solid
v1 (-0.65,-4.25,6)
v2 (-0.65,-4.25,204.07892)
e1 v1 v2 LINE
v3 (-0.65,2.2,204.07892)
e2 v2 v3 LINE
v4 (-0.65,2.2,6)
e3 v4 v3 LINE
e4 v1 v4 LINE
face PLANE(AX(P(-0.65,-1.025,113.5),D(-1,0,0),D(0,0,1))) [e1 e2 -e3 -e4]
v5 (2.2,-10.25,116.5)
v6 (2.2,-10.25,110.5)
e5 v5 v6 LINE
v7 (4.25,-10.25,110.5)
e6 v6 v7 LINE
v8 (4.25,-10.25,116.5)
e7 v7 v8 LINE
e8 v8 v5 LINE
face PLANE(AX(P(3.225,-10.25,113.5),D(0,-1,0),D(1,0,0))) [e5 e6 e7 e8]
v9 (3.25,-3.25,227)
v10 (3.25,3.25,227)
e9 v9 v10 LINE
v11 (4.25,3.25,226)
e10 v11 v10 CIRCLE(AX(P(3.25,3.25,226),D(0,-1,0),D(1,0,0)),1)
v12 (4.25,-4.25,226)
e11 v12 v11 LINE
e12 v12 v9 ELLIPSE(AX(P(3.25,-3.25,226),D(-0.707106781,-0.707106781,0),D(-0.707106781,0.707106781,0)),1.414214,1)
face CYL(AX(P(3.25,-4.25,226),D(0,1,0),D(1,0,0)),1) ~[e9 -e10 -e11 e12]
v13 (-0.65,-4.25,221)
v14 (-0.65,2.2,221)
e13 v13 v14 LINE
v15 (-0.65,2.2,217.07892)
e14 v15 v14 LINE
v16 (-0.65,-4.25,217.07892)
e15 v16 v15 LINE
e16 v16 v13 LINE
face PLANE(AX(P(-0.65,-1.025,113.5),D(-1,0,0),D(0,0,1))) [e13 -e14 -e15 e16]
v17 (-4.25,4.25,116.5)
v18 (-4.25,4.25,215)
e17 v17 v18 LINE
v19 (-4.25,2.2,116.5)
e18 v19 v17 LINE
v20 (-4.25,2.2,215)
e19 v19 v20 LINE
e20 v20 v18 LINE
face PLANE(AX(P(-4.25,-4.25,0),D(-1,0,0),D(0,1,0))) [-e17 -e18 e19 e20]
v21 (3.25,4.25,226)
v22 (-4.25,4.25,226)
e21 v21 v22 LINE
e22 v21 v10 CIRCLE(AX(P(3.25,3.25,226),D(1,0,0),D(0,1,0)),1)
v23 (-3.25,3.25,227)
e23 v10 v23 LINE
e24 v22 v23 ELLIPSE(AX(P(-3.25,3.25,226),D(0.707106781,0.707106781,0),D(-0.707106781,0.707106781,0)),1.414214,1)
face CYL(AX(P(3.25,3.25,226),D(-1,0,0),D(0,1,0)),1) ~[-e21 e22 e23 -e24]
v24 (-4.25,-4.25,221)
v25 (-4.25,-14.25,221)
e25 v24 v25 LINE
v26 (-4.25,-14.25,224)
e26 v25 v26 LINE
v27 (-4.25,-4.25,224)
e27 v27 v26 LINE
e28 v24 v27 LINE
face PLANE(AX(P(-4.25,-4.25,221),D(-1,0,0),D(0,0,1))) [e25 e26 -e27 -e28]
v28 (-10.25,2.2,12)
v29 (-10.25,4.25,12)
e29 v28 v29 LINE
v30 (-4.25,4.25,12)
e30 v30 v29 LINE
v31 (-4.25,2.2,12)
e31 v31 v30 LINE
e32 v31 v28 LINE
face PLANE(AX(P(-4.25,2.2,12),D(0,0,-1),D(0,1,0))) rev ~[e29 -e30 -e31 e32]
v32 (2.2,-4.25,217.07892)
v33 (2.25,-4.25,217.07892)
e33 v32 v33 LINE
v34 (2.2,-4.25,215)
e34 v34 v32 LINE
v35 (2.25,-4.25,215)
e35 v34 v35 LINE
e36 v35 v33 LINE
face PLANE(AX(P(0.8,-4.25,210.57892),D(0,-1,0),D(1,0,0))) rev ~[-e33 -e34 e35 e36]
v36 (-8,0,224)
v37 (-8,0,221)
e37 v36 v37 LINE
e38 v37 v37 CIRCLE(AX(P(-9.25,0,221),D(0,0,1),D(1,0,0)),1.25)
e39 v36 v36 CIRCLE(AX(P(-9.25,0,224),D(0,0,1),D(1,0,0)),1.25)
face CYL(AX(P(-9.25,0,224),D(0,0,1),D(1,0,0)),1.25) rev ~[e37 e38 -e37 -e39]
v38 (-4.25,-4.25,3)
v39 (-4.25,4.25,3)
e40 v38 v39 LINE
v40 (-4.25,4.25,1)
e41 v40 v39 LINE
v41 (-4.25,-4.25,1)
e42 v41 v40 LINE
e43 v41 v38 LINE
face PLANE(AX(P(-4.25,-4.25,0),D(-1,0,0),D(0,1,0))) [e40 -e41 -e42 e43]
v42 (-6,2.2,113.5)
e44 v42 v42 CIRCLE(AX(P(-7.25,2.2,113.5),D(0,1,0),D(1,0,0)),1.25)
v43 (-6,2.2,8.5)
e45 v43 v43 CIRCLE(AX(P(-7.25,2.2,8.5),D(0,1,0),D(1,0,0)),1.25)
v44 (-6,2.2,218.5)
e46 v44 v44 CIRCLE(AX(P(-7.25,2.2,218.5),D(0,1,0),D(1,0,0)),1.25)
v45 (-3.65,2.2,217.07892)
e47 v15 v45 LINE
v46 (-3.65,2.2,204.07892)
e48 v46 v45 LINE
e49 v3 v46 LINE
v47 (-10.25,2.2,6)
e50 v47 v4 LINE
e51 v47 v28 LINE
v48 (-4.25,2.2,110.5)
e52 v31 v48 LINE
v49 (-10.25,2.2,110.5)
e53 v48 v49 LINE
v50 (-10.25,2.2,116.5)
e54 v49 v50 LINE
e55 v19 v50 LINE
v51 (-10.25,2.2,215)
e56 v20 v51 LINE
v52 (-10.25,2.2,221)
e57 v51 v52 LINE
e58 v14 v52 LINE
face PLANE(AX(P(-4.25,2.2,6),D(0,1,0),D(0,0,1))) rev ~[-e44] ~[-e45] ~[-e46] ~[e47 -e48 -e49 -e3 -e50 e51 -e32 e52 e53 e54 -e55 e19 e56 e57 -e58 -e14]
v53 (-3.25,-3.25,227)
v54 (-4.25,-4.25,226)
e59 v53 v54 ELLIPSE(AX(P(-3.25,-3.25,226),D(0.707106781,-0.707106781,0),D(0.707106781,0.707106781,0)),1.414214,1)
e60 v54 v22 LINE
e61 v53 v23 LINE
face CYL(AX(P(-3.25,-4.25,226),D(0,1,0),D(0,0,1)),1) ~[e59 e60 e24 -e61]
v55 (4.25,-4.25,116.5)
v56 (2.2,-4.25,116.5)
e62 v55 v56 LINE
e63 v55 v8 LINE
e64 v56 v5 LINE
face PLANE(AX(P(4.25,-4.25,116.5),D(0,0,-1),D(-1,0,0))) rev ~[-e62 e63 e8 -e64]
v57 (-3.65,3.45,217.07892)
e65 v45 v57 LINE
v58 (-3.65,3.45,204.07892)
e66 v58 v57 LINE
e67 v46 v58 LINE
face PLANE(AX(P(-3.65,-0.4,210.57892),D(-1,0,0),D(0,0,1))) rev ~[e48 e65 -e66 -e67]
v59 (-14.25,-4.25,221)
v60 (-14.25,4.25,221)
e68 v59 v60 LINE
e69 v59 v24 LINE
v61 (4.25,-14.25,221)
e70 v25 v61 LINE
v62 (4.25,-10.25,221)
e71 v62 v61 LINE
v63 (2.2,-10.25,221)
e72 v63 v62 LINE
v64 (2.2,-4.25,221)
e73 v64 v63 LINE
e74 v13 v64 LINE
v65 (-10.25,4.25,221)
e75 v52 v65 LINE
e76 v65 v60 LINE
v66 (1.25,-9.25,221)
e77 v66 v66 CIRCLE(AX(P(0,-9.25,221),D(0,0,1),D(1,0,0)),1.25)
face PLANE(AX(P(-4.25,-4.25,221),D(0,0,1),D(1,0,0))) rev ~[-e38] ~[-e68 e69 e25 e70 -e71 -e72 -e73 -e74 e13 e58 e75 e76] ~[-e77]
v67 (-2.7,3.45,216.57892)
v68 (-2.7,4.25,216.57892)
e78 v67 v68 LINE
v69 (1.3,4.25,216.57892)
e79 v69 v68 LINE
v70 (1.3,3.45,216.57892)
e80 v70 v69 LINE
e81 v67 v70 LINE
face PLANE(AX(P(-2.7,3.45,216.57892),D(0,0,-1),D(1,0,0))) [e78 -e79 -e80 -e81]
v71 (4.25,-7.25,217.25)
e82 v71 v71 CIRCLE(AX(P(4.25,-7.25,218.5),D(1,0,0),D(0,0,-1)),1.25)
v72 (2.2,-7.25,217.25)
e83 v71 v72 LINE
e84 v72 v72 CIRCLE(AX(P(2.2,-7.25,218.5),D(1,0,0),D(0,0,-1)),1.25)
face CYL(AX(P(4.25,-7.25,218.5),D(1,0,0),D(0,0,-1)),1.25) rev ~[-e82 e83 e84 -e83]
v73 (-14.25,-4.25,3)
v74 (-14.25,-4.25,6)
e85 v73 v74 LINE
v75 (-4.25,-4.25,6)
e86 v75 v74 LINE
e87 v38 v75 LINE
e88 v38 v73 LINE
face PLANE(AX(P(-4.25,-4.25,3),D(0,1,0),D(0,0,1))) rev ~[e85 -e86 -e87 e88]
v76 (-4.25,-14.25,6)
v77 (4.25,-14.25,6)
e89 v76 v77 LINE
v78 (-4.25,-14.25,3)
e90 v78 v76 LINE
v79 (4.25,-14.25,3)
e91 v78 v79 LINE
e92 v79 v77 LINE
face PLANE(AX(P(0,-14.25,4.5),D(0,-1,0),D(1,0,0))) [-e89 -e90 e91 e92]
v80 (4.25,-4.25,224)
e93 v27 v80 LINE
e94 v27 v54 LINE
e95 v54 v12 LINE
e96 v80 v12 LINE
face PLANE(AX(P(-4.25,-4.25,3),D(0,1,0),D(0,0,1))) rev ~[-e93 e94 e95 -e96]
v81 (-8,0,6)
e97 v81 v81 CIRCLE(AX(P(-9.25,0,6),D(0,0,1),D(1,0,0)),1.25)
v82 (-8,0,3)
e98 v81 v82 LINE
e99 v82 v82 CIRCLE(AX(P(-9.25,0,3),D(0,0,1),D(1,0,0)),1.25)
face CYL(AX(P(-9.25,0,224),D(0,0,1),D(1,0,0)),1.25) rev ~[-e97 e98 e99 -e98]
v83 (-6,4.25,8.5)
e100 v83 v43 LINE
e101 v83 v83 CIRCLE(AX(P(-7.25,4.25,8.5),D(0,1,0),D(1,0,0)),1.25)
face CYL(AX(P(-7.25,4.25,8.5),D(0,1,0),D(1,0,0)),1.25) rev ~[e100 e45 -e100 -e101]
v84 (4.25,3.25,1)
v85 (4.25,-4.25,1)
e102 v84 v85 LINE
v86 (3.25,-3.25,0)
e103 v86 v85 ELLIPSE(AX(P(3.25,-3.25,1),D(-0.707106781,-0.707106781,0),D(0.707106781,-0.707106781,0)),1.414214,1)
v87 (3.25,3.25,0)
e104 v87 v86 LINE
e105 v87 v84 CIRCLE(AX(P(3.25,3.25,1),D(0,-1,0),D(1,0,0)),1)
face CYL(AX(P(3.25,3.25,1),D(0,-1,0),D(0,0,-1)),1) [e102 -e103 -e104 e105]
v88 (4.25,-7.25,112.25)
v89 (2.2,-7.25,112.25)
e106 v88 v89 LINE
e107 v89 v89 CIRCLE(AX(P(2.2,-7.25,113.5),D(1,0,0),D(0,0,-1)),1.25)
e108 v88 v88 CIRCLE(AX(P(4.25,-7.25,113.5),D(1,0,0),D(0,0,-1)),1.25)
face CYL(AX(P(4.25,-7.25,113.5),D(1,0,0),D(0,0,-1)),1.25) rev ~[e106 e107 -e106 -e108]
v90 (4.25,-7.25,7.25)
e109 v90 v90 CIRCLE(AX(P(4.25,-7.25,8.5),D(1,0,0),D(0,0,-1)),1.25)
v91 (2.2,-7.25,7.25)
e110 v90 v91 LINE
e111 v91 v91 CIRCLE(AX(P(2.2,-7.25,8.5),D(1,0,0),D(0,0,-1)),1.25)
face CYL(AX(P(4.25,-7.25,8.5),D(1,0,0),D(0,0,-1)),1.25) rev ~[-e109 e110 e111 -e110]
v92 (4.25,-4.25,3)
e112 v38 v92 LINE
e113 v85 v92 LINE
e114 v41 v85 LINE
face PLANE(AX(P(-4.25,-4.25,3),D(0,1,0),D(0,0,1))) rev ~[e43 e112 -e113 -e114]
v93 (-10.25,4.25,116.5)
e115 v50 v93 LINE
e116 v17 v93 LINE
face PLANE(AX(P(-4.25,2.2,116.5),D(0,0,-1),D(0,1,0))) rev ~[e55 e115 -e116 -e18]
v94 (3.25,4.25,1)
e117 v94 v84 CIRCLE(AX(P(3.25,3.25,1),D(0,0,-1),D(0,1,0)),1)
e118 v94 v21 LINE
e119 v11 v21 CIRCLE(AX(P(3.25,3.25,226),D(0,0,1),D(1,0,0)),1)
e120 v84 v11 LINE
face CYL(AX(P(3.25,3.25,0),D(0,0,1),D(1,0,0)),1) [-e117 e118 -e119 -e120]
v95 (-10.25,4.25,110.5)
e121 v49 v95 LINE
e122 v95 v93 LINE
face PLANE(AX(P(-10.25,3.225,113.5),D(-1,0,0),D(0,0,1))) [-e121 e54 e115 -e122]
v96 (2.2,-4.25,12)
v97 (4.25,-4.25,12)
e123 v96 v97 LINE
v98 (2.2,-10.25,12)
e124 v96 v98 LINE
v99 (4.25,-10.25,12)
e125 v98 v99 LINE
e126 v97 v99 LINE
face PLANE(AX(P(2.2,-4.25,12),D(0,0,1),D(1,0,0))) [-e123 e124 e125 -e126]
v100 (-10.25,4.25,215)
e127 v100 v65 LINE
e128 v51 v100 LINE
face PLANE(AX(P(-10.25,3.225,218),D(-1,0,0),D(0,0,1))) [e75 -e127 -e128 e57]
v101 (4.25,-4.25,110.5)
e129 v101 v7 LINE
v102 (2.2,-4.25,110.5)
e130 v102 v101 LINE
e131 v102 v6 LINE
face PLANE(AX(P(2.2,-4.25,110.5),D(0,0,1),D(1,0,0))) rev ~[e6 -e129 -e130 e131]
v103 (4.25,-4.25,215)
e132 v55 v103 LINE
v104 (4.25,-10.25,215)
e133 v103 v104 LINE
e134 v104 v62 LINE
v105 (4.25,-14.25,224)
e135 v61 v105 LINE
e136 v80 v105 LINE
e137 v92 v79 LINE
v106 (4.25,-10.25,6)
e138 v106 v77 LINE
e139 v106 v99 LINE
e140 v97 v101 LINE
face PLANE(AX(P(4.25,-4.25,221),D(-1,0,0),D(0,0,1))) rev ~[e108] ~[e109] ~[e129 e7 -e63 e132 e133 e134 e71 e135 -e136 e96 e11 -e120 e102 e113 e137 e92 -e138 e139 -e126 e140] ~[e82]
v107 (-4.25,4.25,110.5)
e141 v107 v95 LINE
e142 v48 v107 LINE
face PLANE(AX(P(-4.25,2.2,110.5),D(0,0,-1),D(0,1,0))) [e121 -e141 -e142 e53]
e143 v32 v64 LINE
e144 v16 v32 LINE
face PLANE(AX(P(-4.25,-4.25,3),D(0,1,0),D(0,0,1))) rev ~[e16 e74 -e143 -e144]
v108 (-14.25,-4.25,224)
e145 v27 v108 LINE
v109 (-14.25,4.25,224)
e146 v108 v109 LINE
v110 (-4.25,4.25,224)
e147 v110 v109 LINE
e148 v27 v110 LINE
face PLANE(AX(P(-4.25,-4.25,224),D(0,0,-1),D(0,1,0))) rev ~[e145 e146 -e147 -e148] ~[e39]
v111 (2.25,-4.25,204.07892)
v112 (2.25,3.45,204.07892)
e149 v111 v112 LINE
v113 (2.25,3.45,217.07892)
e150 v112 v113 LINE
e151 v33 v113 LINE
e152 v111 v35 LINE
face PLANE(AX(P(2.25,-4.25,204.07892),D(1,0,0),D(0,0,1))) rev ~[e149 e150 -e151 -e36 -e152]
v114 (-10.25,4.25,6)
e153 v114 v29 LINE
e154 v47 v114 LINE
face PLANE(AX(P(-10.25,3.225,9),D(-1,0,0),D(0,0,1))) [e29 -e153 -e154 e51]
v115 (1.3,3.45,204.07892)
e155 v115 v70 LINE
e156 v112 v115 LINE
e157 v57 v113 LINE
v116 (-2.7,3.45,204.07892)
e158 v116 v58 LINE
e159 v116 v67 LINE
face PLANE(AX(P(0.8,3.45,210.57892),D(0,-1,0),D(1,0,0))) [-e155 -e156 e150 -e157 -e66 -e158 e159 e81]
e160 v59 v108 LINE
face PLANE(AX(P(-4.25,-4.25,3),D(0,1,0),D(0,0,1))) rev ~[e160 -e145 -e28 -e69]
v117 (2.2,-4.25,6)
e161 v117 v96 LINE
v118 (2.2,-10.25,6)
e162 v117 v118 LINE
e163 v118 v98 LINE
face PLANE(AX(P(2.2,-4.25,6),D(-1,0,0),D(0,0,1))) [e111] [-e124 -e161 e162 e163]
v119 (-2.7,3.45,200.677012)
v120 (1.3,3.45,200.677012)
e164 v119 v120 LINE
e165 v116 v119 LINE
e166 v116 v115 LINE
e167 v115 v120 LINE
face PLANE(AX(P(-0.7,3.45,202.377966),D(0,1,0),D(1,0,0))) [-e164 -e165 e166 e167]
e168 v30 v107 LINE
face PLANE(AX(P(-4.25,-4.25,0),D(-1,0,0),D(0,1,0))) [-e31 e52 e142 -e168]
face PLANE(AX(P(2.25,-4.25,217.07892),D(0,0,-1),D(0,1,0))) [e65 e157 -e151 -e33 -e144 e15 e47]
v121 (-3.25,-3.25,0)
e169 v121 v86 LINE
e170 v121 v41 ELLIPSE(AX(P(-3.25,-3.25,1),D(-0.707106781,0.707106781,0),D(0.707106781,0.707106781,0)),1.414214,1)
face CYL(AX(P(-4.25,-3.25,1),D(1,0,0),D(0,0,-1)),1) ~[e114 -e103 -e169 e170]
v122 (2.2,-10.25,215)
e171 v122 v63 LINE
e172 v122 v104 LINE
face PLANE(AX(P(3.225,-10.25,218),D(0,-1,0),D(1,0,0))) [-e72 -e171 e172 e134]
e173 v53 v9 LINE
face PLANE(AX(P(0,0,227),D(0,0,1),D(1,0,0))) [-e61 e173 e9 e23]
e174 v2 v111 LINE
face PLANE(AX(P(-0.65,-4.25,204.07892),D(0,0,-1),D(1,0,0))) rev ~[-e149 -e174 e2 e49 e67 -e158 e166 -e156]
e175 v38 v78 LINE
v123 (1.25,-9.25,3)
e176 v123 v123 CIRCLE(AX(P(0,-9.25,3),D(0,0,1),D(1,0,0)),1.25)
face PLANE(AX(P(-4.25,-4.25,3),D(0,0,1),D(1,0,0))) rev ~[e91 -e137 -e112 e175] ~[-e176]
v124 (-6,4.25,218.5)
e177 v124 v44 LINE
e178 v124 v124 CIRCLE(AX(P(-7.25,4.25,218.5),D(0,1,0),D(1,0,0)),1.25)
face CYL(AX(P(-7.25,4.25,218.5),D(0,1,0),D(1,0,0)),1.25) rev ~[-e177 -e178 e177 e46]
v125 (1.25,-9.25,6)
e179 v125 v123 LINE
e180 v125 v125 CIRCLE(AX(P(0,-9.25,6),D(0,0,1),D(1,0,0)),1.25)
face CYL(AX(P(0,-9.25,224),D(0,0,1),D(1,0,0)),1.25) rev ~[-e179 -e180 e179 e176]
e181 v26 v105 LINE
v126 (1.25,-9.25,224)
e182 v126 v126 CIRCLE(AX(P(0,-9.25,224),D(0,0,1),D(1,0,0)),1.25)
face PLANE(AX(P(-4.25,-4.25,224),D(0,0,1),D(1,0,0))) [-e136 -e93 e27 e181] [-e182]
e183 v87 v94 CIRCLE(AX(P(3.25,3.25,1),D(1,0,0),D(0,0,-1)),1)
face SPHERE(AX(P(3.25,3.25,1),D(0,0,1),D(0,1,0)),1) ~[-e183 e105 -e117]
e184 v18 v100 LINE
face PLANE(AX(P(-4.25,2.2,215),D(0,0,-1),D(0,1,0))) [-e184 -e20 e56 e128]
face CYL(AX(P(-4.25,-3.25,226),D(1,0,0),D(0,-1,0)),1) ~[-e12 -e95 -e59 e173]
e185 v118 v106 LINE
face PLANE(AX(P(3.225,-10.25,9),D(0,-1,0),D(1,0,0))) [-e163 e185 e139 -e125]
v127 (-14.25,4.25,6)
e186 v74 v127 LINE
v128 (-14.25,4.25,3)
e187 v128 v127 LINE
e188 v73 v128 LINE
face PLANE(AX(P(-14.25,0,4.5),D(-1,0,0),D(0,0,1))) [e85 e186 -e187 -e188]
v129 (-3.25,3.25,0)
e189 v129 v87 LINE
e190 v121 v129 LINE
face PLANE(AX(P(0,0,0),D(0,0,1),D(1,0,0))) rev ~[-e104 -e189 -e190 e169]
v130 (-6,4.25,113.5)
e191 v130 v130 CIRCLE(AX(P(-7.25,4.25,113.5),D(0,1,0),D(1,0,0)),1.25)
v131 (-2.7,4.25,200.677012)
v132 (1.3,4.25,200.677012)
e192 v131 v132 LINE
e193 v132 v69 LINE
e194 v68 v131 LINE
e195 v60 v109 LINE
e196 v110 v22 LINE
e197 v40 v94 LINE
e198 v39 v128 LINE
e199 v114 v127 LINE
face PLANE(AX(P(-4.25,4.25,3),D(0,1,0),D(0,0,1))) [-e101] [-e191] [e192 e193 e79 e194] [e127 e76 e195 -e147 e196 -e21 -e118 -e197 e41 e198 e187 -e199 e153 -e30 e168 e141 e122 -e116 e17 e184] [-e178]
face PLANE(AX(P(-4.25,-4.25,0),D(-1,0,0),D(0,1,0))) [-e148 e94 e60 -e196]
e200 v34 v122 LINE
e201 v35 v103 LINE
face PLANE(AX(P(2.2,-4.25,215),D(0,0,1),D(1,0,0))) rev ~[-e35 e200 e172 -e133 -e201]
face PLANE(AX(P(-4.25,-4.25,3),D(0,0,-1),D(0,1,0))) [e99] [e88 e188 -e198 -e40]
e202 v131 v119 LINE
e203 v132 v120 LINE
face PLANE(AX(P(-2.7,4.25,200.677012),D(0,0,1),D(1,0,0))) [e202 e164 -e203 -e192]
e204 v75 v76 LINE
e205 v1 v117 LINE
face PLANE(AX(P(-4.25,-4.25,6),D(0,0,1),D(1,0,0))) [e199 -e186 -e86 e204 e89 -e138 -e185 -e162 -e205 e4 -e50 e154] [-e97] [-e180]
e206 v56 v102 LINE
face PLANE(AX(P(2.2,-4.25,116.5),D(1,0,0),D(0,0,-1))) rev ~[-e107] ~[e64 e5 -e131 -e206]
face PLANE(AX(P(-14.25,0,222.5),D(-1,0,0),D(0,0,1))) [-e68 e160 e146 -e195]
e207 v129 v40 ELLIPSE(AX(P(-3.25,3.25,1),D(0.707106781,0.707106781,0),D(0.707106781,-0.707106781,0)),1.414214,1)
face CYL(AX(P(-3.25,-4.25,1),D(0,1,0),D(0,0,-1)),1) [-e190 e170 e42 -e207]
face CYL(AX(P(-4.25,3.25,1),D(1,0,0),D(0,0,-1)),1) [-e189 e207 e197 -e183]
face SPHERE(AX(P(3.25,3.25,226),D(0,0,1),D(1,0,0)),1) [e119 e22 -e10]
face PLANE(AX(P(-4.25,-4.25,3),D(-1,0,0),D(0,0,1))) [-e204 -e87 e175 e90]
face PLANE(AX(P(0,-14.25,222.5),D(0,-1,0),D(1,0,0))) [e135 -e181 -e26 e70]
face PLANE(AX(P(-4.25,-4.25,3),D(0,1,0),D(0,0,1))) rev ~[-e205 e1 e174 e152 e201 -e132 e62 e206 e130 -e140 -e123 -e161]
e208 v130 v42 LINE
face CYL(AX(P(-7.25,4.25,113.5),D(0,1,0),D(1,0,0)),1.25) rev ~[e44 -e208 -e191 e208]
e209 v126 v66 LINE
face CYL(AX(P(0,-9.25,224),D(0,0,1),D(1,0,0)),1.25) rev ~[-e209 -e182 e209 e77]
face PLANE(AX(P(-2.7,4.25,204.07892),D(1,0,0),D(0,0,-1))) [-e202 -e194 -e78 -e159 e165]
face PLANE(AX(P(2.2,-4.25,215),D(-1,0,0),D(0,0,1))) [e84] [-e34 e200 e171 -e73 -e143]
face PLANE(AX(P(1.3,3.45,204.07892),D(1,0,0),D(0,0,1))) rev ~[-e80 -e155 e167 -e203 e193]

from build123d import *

# Parameters (mm, degrees)
ESBO_O1_W                = 8.5
ESBO_O1_H                = 8.5
RESSALTO_EXTRUS_O1_DEPTH = 227
FILETE1_R                = 1
FILETE2_R                = 1
FILETE3_R                = 1
ESBO_O2_W                = 215
ESBO_O2_H                = 6.45
CORTE_EXTRUS_O2_DEPTH    = 3.6
ESBO_O3_W                = 3
ESBO_O3_H                = 8.5
RESSALTO_EXTRUS_O3_DEPTH = 10
ESBO_O4_W                = 8.5
ESBO_O4_H                = 3
RESSALTO_EXTRUS_O4_DEPTH = 10
ESBO_O5_W                = 6
ESBO_O5_H                = 2.05
RESSALTO_EXTRUS_O5_DEPTH = 6
ESBO_O6_W                = 2.05
ESBO_O6_H                = 6
RESSALTO_EXTRUS_O6_DEPTH = 6
ESBO_O6_2_W              = 2.05
ESBO_O6_2_H              = 6
RESSALTO_EXTRUS_O7_DEPTH = 6
ESBO_O7_R                = 1.25
CORTE_EXTRUS_O3_DEPTH    = 250
ESBO_O8_R                = 1.25
CORTE_EXTRUS_O4_DEPTH    = 5
ESBO_O9_R                = 1.25
CORTE_EXTRUS_O5_DEPTH    = 5
ESBO_O11_W               = 2.9
ESBO_O11_H               = 13
CORTE_EXTRUS_O6_DEPTH    = 7.7
ESBO_O15_W               = 13
ESBO_O15_H               = 7.7
CORTE_EXTRUS_O10_DEPTH   = 5.9
ESBO_O16_W               = 4
ESBO_O16_H               = 12.5
CORTE_EXTRUS_O12_DEPTH   = 5.9
ESBO_O17_W               = 4
ESBO_O17_H               = 3.401907962
CORTE_EXTRUS_O14_DEPTH   = 0.8


with BuildPart() as part:
    # Esboço1 → Ressalto-extrusão1 (new body)
    with BuildSketch(Plane.XY):
        Rectangle(ESBO_O1_W, ESBO_O1_H)
    extrude(amount=RESSALTO_EXTRUS_O1_DEPTH)

    # Filete1
    filete1_edges = [part.edges().sort_by_distance(p)[0] for p in [
        (4.25, 4.25, 113.5),
    ]]
    fillet(filete1_edges, radius=FILETE1_R)

    # Filete2
    filete2_edges = [part.edges().sort_by_distance(p)[0] for p in [
        (4.25, -0.5, 227),
        (-0.5, 4.25, 227),
        (3.957106781, 3.957106781, 227),
        (-4.25, 0, 227),
        (0, -4.25, 227),
    ]]
    fillet(filete2_edges, radius=FILETE2_R)

    # Filete3
    filete3_edges = [part.edges().sort_by_distance(p)[0] for p in [
        (-0.5, 4.25, 0),
        (3.957106781, 3.957106781, 0),
        (4.25, -0.5, 0),
        (0, -4.25, 0),
        (-4.25, 0, 0),
    ]]
    fillet(filete3_edges, radius=FILETE3_R)

    # Esboço2 → Corte-extrusão2 (cut)
    with BuildSketch(Plane.ZY.offset(4.25)):
        with Locations((113.5, -1.025)):
            Rectangle(ESBO_O2_W, ESBO_O2_H)
    extrude(amount=-CORTE_EXTRUS_O2_DEPTH, mode=Mode.SUBTRACT)

    # Esboço3 → Ressalto-extrusão3 (add)
    with BuildSketch(Plane.ZY.offset(4.25)):
        with Locations((4.5, 0)):
            Rectangle(ESBO_O3_W, ESBO_O3_H)
        with Locations((222.5, 0)):
            Rectangle(ESBO_O3_W, ESBO_O3_H)
    extrude(amount=RESSALTO_EXTRUS_O3_DEPTH)

    # Esboço4 → Ressalto-extrusão4 (add)
    with BuildSketch(Plane.XZ.offset(4.25)):
        with Locations((0, 222.5)):
            Rectangle(ESBO_O4_W, ESBO_O4_H)
        with Locations((0, 4.5)):
            Rectangle(ESBO_O4_W, ESBO_O4_H)
    extrude(amount=RESSALTO_EXTRUS_O4_DEPTH)

    # Esboço5 → Ressalto-extrusão5 (add)
    with BuildSketch(Plane.ZY.offset(4.25)):
        with Locations((9, 3.225)):
            Rectangle(ESBO_O5_W, ESBO_O5_H)
        with Locations((218, 3.225)):
            Rectangle(ESBO_O5_W, ESBO_O5_H)
        with Locations((113.5, 3.225)):
            Rectangle(ESBO_O5_W, ESBO_O5_H)
    extrude(amount=RESSALTO_EXTRUS_O5_DEPTH)

    # Esboço6 → Ressalto-extrusão6 (add)
    with BuildSketch(Plane.XZ.offset(4.25)):
        with Locations((3.225, 9)):
            Rectangle(ESBO_O6_W, ESBO_O6_H)
        Polygon((4.25, 113.5), (4.25, 116.5), (2.2, 116.5), (2.2, 110.5), (4.25, 110.5), align=None)
        with Locations((3.225, 218)):
            Rectangle(ESBO_O6_W, ESBO_O6_H)
    extrude(amount=RESSALTO_EXTRUS_O6_DEPTH)

    # Esboço6<2> → Ressalto-extrusão7 (add)
    with BuildSketch(Plane.XZ.offset(4.25)):
        with Locations((3.225, 9)):
            Rectangle(ESBO_O6_2_W, ESBO_O6_2_H)
        Polygon((4.25, 113.5), (4.25, 116.5), (2.2, 116.5), (2.2, 110.5), (4.25, 110.5), align=None)
        with Locations((3.225, 218)):
            Rectangle(ESBO_O6_2_W, ESBO_O6_2_H)
    extrude(amount=RESSALTO_EXTRUS_O7_DEPTH)

    # Esboço7 → Corte-extrusão3 (cut)
    with BuildSketch(Plane.XY.offset(224)):
        with Locations((-9.25, 0)):
            Circle(ESBO_O7_R)
        with Locations((0, -9.25)):
            Circle(ESBO_O7_R)
    extrude(amount=-CORTE_EXTRUS_O3_DEPTH, mode=Mode.SUBTRACT)

    # Esboço8 → Corte-extrusão4 (cut)
    with BuildSketch(Plane(origin=(4.25, 0, 0), x_dir=(0, 0, -1), z_dir=(1, 0, 0))):
        with Locations((-218.5, -7.25)):
            Circle(ESBO_O8_R)
        with Locations((-113.5, -7.25)):
            Circle(ESBO_O8_R)
        with Locations((-8.5, -7.25)):
            Circle(ESBO_O8_R)
    extrude(amount=-CORTE_EXTRUS_O4_DEPTH, mode=Mode.SUBTRACT)

    # Esboço9 → Corte-extrusão5 (cut)
    with BuildSketch(Plane(origin=(0, 4.25, 0), x_dir=(1, 0, 0), z_dir=(0, 1, 0))):
        with Locations((-7.25, -218.5)):
            Circle(ESBO_O9_R)
        with Locations((-7.25, -113.5)):
            Circle(ESBO_O9_R)
        with Locations((-7.25, -8.5)):
            Circle(ESBO_O9_R)
    extrude(amount=-CORTE_EXTRUS_O5_DEPTH, mode=Mode.SUBTRACT)

    # Esboço11 → Corte-extrusão6 (cut)
    with BuildSketch(Plane.XZ.offset(4.25)):
        with Locations((0.8, 210.578920039)):
            Rectangle(ESBO_O11_W, ESBO_O11_H)
    extrude(amount=-CORTE_EXTRUS_O6_DEPTH, mode=Mode.SUBTRACT)

    # Esboço15 → Corte-extrusão10 (cut)
    with BuildSketch(Plane.ZY.offset(-2.25)):
        with Locations((210.578920039, -0.4)):
            Rectangle(ESBO_O15_W, ESBO_O15_H)
    extrude(amount=CORTE_EXTRUS_O10_DEPTH, mode=Mode.SUBTRACT)

    # Esboço16 → Corte-extrusão12 (cut)
    with BuildSketch(Plane.XZ.offset(-3.45)):
        with Locations((-0.7, 210.328920039)):
            Rectangle(ESBO_O16_W, ESBO_O16_H)
    extrude(amount=-CORTE_EXTRUS_O12_DEPTH, mode=Mode.SUBTRACT)

    # Esboço17 → Corte-extrusão14 (cut)
    with BuildSketch(Plane(origin=(0, 4.25, 0), x_dir=(1, 0, 0), z_dir=(0, 1, 0))):
        with Locations((-0.7, -202.377966058)):
            Rectangle(ESBO_O17_W, ESBO_O17_H)
    extrude(amount=-CORTE_EXTRUS_O14_DEPTH, mode=Mode.SUBTRACT)


solid = part.part
